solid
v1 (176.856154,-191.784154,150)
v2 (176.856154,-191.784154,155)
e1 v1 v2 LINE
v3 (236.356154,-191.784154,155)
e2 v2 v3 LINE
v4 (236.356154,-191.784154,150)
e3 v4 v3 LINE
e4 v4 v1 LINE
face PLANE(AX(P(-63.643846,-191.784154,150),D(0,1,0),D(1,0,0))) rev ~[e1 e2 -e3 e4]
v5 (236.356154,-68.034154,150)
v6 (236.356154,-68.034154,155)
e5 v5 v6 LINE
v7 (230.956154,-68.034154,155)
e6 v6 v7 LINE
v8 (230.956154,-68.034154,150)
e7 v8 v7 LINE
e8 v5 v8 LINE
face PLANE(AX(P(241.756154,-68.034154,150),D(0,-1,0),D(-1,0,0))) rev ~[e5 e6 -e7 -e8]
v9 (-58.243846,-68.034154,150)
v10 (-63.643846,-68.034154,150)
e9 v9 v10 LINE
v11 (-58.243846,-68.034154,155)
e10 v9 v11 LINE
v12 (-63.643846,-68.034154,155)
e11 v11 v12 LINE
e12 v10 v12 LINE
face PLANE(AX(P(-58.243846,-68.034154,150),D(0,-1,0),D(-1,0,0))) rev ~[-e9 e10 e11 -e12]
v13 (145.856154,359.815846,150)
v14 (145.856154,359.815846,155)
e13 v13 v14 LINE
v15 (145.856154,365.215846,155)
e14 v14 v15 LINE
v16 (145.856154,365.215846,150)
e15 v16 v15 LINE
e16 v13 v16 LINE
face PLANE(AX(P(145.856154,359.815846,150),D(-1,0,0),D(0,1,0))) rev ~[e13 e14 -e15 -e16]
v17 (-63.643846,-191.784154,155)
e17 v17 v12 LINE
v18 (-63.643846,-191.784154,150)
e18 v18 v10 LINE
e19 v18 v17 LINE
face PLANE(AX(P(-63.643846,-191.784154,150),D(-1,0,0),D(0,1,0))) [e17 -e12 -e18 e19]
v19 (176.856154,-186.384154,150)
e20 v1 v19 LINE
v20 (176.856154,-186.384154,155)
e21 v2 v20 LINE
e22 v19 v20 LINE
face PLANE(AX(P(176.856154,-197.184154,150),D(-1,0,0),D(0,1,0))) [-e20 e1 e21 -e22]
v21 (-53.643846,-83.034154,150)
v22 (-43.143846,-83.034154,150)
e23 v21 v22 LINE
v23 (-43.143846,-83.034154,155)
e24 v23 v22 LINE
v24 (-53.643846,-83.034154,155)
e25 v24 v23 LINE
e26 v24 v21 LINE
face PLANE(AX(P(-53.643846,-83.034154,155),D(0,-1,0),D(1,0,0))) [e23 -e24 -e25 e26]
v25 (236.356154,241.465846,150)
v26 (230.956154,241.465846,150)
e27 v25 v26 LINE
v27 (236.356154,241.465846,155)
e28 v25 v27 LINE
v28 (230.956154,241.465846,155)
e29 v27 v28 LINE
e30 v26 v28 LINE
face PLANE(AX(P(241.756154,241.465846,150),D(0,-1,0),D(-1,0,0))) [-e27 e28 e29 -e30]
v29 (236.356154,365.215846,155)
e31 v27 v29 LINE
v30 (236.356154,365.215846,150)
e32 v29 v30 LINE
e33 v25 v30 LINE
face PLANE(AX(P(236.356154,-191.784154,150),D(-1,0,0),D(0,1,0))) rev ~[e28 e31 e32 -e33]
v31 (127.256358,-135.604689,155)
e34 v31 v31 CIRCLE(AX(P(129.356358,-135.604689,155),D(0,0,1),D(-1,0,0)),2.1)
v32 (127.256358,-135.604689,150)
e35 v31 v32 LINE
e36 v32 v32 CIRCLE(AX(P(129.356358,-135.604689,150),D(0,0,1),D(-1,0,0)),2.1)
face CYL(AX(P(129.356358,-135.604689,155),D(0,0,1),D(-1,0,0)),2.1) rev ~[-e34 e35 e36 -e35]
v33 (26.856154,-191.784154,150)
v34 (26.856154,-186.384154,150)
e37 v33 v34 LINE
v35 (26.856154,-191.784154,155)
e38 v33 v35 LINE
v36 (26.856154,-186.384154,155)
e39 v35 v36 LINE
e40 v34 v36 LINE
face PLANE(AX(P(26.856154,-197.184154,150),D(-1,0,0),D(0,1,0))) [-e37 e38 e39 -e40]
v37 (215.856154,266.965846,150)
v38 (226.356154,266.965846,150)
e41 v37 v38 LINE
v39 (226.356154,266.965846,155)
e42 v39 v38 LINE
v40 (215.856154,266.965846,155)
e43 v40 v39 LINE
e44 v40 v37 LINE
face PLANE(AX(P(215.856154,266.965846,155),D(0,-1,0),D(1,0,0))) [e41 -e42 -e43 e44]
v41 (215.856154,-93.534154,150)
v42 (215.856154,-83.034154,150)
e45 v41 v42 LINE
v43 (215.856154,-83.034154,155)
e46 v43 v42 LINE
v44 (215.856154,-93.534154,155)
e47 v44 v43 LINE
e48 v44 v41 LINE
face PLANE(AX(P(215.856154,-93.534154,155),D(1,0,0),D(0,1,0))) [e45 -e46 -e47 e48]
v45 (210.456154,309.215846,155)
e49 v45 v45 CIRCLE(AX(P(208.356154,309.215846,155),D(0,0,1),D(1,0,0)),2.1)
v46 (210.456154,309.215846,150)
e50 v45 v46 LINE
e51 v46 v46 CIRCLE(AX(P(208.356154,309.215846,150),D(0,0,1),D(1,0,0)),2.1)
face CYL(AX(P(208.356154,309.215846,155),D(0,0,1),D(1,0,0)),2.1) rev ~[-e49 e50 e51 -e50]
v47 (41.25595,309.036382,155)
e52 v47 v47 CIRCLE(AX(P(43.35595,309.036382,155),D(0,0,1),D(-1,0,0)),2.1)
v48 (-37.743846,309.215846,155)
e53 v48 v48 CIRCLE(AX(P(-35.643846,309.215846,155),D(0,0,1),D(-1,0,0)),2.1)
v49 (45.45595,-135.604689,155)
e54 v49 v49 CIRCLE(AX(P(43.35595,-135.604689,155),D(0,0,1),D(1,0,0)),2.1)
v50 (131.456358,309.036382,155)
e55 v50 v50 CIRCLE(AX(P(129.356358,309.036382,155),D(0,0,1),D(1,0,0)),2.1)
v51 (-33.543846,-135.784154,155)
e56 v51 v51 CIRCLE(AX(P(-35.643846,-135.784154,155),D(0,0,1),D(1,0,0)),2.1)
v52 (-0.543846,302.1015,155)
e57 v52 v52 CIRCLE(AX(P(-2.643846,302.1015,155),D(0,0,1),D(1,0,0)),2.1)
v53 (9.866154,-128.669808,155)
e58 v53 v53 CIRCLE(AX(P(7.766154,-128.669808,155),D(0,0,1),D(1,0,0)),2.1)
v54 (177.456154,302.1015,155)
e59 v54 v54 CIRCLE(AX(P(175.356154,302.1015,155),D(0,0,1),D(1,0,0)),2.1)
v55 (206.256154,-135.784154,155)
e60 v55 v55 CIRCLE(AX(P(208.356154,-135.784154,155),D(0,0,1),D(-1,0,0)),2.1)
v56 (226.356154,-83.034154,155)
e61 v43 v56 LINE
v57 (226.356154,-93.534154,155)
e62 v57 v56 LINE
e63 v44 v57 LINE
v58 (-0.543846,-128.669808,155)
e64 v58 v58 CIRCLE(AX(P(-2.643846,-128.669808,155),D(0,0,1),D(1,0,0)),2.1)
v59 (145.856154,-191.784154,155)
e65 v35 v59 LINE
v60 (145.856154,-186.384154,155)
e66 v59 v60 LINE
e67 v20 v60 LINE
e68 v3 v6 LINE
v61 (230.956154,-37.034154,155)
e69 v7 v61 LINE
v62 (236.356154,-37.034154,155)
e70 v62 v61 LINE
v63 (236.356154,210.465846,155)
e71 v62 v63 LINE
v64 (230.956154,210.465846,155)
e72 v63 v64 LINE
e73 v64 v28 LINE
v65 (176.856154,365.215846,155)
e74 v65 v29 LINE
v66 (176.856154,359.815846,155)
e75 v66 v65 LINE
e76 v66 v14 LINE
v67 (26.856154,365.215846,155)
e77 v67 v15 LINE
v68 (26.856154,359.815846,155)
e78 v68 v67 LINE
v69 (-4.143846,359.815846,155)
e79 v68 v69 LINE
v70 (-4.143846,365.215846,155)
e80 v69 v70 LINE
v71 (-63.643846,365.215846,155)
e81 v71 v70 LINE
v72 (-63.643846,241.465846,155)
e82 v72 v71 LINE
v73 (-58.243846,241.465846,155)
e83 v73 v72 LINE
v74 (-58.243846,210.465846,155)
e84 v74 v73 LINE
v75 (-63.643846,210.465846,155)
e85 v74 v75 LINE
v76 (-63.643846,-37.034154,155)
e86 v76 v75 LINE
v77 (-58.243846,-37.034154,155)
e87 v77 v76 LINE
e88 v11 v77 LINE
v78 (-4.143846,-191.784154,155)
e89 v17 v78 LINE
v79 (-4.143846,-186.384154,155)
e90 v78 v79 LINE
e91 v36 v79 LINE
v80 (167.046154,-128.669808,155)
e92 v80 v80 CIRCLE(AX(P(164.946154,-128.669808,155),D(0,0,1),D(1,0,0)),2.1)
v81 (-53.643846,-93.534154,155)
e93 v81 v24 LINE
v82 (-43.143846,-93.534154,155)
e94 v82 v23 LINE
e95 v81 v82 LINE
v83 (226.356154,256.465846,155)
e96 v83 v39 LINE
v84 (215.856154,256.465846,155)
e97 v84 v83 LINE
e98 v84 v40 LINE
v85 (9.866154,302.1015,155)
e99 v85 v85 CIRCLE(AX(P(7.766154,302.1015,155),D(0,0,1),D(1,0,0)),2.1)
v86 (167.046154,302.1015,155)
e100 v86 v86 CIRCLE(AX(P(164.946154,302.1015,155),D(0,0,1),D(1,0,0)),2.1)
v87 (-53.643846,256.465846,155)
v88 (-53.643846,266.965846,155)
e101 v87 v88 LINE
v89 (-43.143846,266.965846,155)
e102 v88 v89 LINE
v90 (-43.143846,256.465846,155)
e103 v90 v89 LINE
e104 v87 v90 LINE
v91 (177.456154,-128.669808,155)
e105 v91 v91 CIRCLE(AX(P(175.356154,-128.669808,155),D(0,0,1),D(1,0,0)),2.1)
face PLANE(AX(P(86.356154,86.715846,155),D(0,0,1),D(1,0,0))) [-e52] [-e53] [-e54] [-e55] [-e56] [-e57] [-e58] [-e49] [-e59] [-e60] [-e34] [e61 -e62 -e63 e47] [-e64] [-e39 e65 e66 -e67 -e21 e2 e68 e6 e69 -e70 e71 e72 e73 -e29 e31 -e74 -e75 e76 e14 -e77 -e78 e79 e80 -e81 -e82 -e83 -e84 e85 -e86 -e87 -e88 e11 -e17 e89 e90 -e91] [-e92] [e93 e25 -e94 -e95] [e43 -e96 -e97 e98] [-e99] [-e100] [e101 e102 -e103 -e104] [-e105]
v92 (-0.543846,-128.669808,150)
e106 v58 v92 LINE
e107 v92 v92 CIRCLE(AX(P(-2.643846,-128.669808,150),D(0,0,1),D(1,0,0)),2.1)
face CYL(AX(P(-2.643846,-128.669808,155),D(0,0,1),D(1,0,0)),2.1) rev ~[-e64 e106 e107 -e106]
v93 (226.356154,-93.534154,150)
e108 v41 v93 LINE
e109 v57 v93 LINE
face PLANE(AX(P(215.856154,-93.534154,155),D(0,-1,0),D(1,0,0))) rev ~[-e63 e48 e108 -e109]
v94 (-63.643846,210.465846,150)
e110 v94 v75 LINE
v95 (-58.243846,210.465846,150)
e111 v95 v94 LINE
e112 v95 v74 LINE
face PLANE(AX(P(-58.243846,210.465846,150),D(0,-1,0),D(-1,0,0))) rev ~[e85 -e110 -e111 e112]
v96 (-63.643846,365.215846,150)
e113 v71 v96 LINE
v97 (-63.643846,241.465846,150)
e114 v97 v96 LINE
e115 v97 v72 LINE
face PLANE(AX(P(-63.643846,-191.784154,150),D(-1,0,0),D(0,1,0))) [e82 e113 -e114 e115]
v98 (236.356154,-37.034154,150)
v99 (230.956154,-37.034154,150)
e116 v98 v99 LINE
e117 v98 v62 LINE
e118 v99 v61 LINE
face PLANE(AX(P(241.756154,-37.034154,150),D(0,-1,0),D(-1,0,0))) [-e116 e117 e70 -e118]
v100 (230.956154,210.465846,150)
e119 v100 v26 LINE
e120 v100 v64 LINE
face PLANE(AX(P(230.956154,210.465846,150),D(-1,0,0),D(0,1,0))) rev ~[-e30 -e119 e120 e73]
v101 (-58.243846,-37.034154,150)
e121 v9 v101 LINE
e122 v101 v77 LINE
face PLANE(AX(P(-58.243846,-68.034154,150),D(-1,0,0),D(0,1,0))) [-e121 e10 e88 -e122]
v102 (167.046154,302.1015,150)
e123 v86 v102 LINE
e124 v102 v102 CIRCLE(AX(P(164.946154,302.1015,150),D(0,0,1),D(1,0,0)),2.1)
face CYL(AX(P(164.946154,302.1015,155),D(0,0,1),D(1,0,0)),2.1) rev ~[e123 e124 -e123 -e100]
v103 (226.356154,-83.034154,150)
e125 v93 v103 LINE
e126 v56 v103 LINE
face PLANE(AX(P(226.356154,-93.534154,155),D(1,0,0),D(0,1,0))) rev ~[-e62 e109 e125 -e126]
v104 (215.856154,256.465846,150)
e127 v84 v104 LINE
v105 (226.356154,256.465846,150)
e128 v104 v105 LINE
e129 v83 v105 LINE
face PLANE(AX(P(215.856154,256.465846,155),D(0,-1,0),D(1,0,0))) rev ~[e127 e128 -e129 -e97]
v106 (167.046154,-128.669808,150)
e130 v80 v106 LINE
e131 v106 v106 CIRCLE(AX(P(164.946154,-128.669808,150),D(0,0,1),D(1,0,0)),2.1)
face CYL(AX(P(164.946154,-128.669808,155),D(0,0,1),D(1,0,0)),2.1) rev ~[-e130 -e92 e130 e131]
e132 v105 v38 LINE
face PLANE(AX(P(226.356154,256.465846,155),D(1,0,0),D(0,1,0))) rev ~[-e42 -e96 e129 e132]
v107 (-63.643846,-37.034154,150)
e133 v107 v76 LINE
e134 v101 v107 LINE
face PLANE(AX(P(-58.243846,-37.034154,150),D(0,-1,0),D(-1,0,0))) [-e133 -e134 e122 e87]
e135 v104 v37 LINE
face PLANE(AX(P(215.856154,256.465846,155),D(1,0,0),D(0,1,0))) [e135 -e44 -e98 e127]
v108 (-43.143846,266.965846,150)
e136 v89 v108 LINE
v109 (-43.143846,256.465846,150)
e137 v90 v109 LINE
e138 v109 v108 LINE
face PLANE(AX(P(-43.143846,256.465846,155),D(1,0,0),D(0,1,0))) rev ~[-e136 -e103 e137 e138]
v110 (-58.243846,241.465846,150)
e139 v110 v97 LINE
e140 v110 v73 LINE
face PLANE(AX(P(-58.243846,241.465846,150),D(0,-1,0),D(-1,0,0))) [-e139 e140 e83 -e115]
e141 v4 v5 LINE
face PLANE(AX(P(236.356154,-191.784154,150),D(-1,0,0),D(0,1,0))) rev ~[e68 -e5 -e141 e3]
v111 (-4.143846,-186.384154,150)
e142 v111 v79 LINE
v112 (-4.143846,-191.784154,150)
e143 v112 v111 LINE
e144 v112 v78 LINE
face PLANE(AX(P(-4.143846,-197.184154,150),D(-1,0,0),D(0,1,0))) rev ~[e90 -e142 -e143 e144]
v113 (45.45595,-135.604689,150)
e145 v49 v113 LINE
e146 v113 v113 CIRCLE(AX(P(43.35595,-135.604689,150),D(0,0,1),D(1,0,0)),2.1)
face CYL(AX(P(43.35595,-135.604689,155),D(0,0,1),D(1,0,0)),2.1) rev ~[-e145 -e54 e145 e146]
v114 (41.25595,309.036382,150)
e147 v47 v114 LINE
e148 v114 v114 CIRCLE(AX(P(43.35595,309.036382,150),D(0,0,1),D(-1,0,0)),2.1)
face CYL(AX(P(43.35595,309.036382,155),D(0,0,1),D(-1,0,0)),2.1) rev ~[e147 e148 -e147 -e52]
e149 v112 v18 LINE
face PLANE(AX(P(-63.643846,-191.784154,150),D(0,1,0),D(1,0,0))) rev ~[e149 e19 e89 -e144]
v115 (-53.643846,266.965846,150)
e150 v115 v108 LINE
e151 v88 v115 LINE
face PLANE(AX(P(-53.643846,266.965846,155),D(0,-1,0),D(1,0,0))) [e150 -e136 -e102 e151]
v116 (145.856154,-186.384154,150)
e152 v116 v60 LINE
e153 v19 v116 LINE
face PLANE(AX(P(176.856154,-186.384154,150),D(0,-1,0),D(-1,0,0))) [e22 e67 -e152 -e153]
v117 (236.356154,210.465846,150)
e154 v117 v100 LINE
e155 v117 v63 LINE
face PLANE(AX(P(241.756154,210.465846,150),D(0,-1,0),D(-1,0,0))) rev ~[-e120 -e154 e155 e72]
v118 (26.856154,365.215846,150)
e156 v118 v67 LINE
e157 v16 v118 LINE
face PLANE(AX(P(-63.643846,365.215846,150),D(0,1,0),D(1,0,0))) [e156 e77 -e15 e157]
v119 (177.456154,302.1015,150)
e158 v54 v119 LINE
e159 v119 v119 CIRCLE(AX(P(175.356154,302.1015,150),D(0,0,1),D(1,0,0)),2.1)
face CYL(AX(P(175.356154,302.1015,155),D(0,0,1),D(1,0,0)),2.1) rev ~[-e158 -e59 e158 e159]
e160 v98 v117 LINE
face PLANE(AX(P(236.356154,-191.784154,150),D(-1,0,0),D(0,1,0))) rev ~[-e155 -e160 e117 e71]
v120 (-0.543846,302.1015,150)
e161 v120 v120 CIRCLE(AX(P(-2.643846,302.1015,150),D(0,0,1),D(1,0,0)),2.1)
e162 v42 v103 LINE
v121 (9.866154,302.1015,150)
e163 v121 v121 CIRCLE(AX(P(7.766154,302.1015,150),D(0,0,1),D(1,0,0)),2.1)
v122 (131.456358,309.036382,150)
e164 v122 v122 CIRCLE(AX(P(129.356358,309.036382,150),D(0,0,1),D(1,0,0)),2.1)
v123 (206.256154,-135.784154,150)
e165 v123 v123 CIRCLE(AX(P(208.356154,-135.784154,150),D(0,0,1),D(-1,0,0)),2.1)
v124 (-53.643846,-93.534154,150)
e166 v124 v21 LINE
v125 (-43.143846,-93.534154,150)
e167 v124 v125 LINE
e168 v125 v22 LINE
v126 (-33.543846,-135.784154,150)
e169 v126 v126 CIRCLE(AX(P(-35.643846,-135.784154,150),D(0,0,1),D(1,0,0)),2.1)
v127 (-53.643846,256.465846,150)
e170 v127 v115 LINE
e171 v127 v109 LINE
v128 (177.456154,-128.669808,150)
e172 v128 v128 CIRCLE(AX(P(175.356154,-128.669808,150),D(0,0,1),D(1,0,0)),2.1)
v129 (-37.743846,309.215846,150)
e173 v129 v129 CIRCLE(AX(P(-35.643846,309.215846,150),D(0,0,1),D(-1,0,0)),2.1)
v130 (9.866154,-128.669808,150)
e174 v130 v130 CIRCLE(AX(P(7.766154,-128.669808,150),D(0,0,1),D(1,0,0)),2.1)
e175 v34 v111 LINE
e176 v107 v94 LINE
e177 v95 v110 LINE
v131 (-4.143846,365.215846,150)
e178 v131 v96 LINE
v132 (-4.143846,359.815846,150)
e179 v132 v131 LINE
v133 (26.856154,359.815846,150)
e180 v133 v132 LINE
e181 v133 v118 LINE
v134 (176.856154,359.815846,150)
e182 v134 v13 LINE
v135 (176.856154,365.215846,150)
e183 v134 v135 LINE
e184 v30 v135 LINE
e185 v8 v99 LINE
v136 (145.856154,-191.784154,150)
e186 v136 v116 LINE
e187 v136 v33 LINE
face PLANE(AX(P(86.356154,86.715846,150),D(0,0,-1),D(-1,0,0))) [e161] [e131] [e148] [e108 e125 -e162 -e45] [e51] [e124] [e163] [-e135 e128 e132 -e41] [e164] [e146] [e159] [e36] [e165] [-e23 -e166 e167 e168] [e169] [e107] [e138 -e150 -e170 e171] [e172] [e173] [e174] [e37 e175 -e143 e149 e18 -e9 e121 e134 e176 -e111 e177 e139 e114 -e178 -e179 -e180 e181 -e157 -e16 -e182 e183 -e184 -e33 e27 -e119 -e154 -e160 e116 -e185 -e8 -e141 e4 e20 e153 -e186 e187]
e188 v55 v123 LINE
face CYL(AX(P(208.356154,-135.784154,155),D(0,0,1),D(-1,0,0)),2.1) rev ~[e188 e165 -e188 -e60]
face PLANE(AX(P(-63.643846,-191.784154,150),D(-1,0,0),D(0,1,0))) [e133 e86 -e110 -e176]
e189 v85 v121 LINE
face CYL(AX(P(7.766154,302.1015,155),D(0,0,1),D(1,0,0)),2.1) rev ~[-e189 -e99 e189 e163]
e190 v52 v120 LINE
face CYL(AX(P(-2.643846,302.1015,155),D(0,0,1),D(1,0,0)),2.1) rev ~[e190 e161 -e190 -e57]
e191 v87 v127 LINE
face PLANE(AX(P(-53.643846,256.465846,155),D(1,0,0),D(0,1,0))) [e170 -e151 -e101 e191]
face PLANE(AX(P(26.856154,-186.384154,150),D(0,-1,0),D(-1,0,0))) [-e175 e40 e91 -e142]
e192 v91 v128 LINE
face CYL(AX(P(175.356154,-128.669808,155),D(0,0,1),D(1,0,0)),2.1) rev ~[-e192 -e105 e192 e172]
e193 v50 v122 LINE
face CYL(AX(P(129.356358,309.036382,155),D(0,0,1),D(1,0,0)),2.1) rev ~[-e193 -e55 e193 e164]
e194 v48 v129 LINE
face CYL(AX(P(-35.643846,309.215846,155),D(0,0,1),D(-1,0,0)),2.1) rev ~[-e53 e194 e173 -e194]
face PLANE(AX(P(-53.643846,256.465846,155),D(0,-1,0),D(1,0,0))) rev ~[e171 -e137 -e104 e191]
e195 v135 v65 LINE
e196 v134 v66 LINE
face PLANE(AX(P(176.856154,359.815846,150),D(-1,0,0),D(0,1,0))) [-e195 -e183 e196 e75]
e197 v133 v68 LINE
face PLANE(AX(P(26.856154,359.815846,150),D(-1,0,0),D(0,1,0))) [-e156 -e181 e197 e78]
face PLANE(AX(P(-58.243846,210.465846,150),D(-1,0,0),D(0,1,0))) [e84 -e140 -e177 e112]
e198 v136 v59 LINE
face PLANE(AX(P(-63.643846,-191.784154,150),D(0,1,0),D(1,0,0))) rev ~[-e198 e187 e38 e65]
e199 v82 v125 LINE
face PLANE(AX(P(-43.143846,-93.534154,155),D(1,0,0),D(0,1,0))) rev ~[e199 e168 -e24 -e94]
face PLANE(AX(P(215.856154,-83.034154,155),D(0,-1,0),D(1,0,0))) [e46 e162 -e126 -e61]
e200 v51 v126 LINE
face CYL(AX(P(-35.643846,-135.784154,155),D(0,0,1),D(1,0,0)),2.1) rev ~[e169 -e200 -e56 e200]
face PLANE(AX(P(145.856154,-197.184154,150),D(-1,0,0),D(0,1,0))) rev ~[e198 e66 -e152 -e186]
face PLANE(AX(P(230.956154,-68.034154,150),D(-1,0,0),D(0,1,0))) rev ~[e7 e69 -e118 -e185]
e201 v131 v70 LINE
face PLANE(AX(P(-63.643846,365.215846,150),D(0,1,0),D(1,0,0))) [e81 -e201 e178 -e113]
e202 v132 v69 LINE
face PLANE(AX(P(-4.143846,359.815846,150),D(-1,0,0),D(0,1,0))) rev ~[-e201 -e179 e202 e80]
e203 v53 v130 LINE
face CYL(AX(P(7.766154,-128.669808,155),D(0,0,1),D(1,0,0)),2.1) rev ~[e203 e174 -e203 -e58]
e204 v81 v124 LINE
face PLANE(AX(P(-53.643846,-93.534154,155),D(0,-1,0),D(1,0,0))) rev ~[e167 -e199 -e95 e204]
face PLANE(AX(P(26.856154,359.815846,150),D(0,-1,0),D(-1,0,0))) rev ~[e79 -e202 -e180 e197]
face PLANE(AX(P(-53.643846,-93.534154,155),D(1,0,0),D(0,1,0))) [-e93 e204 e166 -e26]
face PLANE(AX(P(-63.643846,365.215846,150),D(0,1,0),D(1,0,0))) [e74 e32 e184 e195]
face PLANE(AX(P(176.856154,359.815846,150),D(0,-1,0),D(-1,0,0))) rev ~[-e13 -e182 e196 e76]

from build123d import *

# Parameters (mm, degrees)
SKETCH1_W           = 300
SKETCH1_H           = 557
SKETCH1_W_2         = 290
SKETCH1_H_2         = 547
BOSS_EXTRUDE1_DEPTH = 150
SKETCH2_W           = 300
SKETCH2_H           = 557
BOSS_EXTRUDE2_DEPTH = 5
SKETCH5_R           = 2.1
CUT_EXTRUDE3_DEPTH  = 10
SKETCH6_W           = 10.5
SKETCH6_H           = 10.5
CUT_EXTRUDE4_DEPTH  = 10
SKETCH8_R           = 1.25
CUT_EXTRUDE6_DEPTH  = 663
SKETCH9_W           = 300
SKETCH9_H           = 557
CUT_EXTRUDE7_DEPTH  = 150
SKETCH10_W          = 31
SKETCH10_H          = 10.8
CUT_EXTRUDE8_DEPTH  = 5
SKETCH13_W          = 10.8
SKETCH13_H          = 31
CUT_EXTRUDE10_DEPTH = 5
SKETCH16_R          = 2.1
CUT_EXTRUDE12_DEPTH = 10


with BuildPart() as part:
    # Sketch1 → Boss-Extrude1 (new body)
    with BuildSketch(Plane.XY):
        with Locations((86.356154307, 86.715846067)):
            Rectangle(SKETCH1_W, SKETCH1_H)
        with Locations((86.356154307, 86.715846067)):
            Rectangle(SKETCH1_W_2, SKETCH1_H_2, mode=Mode.SUBTRACT)
    extrude(amount=BOSS_EXTRUDE1_DEPTH)

    # Sketch2 → Boss-Extrude2 (add)
    with BuildSketch(Plane.XY.offset(150)):
        with Locations((86.356154307, 86.715846067)):
            Rectangle(SKETCH2_W, SKETCH2_H)
    extrude(amount=BOSS_EXTRUDE2_DEPTH)

    # Sketch5 → Cut-Extrude3 (cut)
    with BuildSketch(Plane.XY.offset(155)):
        with Locations((7.766154307, 302.101499848)):
            Circle(SKETCH5_R)
        with Locations((-2.643845693, 302.101499848)):
            Circle(SKETCH5_R)
        with Locations((175.356154307, 302.101499848)):
            Circle(SKETCH5_R)
        with Locations((164.946154307, 302.101499848)):
            Circle(SKETCH5_R)
        with Locations((-2.643845693, -128.669807714)):
            Circle(SKETCH5_R)
        with Locations((7.766154307, -128.669807714)):
            Circle(SKETCH5_R)
        with Locations((164.946154307, -128.669807714)):
            Circle(SKETCH5_R)
        with Locations((175.356154307, -128.669807714)):
            Circle(SKETCH5_R)
    extrude(amount=-CUT_EXTRUDE3_DEPTH, mode=Mode.SUBTRACT)

    # Sketch6 → Cut-Extrude4 (cut)
    with BuildSketch(Plane.XY.offset(155)):
        with Locations((-48.393845693, 261.715846067)):
            Rectangle(SKETCH6_W, SKETCH6_H)
        with Locations((221.106154307, 261.715846067)):
            Rectangle(SKETCH6_W, SKETCH6_H)
        with Locations((221.106154307, -88.284153933)):
            Rectangle(SKETCH6_W, SKETCH6_H)
        with Locations((-48.393845693, -88.284153933)):
            Rectangle(SKETCH6_W, SKETCH6_H)
    extrude(amount=-CUT_EXTRUDE4_DEPTH, mode=Mode.SUBTRACT)

    # Sketch8 → Cut-Extrude6 (cut)
    with BuildSketch(Plane.XZ.offset(191.784153933)):
        with Locations(Location((91.506154307, 9.8, 0), (0, 0, 270))):
            Circle(SKETCH8_R)
        with Locations(Location((81.206154307, 9.8, 0), (0, 0, 270))):
            Circle(SKETCH8_R)
    extrude(amount=-CUT_EXTRUDE6_DEPTH, mode=Mode.SUBTRACT)

    # Sketch9 → Cut-Extrude7 (cut)
    with BuildSketch(Plane(origin=(0, 0, 0), x_dir=(-1, 0, 0), z_dir=(0, 0, -1))):
        with Locations((-86.356154307, 86.715846067)):
            Rectangle(SKETCH9_W, SKETCH9_H)
    extrude(amount=-CUT_EXTRUDE7_DEPTH, mode=Mode.SUBTRACT)

    # Sketch10 → Cut-Extrude8 (cut)
    with BuildSketch(Plane(origin=(0, 0, 150), x_dir=(-1, 0, 0), z_dir=(0, 0, -1))):
        with Locations((-11.356154307, -191.784153933)):
            Rectangle(SKETCH10_W, SKETCH10_H)
        with Locations((-161.356154307, -191.784153933)):
            Rectangle(SKETCH10_W, SKETCH10_H)
        with Locations((-161.356154307, 365.215846067)):
            Rectangle(SKETCH10_W, SKETCH10_H)
        with Locations((-11.356154307, 365.215846067)):
            Rectangle(SKETCH10_W, SKETCH10_H)
    extrude(amount=-CUT_EXTRUDE8_DEPTH, mode=Mode.SUBTRACT)

    # Sketch13 → Cut-Extrude10 (cut)
    with BuildSketch(Plane(origin=(0, 0, 150), x_dir=(-1, 0, 0), z_dir=(0, 0, -1))):
        with Locations((63.643845693, -52.534153933)):
            Rectangle(SKETCH13_W, SKETCH13_H)
        with Locations((63.643845693, 225.965846067)):
            Rectangle(SKETCH13_W, SKETCH13_H)
        with Locations((-236.356154307, 225.965846067)):
            Rectangle(SKETCH13_W, SKETCH13_H)
        with Locations((-236.356154307, -52.534153933)):
            Rectangle(SKETCH13_W, SKETCH13_H)
    extrude(amount=-CUT_EXTRUDE10_DEPTH, mode=Mode.SUBTRACT)

    # Sketch16 → Cut-Extrude12 (cut)
    with BuildSketch(Plane.XY.offset(155)):
        with Locations((208.356154307, 309.215846067)):
            Circle(SKETCH16_R)
        with Locations((129.356358153, 309.036381593)):
            Circle(SKETCH16_R)
        with Locations(Location((43.355950462, 309.036381593, 0), (0, 0, 180))):
            Circle(SKETCH16_R)
        with Locations(Location((-35.643845693, 309.215846067, 0), (0, 0, 180))):
            Circle(SKETCH16_R)
        with Locations((-35.643845693, -135.784153933)):
            Circle(SKETCH16_R)
        with Locations((43.355950462, -135.604689459)):
            Circle(SKETCH16_R)
        with Locations(Location((129.356358153, -135.604689459, 0), (0, 0, 180))):
            Circle(SKETCH16_R)
        with Locations(Location((208.356154307, -135.784153933, 0), (0, 0, 180))):
            Circle(SKETCH16_R)
    extrude(amount=-CUT_EXTRUDE12_DEPTH, mode=Mode.SUBTRACT)


solid = part.part
